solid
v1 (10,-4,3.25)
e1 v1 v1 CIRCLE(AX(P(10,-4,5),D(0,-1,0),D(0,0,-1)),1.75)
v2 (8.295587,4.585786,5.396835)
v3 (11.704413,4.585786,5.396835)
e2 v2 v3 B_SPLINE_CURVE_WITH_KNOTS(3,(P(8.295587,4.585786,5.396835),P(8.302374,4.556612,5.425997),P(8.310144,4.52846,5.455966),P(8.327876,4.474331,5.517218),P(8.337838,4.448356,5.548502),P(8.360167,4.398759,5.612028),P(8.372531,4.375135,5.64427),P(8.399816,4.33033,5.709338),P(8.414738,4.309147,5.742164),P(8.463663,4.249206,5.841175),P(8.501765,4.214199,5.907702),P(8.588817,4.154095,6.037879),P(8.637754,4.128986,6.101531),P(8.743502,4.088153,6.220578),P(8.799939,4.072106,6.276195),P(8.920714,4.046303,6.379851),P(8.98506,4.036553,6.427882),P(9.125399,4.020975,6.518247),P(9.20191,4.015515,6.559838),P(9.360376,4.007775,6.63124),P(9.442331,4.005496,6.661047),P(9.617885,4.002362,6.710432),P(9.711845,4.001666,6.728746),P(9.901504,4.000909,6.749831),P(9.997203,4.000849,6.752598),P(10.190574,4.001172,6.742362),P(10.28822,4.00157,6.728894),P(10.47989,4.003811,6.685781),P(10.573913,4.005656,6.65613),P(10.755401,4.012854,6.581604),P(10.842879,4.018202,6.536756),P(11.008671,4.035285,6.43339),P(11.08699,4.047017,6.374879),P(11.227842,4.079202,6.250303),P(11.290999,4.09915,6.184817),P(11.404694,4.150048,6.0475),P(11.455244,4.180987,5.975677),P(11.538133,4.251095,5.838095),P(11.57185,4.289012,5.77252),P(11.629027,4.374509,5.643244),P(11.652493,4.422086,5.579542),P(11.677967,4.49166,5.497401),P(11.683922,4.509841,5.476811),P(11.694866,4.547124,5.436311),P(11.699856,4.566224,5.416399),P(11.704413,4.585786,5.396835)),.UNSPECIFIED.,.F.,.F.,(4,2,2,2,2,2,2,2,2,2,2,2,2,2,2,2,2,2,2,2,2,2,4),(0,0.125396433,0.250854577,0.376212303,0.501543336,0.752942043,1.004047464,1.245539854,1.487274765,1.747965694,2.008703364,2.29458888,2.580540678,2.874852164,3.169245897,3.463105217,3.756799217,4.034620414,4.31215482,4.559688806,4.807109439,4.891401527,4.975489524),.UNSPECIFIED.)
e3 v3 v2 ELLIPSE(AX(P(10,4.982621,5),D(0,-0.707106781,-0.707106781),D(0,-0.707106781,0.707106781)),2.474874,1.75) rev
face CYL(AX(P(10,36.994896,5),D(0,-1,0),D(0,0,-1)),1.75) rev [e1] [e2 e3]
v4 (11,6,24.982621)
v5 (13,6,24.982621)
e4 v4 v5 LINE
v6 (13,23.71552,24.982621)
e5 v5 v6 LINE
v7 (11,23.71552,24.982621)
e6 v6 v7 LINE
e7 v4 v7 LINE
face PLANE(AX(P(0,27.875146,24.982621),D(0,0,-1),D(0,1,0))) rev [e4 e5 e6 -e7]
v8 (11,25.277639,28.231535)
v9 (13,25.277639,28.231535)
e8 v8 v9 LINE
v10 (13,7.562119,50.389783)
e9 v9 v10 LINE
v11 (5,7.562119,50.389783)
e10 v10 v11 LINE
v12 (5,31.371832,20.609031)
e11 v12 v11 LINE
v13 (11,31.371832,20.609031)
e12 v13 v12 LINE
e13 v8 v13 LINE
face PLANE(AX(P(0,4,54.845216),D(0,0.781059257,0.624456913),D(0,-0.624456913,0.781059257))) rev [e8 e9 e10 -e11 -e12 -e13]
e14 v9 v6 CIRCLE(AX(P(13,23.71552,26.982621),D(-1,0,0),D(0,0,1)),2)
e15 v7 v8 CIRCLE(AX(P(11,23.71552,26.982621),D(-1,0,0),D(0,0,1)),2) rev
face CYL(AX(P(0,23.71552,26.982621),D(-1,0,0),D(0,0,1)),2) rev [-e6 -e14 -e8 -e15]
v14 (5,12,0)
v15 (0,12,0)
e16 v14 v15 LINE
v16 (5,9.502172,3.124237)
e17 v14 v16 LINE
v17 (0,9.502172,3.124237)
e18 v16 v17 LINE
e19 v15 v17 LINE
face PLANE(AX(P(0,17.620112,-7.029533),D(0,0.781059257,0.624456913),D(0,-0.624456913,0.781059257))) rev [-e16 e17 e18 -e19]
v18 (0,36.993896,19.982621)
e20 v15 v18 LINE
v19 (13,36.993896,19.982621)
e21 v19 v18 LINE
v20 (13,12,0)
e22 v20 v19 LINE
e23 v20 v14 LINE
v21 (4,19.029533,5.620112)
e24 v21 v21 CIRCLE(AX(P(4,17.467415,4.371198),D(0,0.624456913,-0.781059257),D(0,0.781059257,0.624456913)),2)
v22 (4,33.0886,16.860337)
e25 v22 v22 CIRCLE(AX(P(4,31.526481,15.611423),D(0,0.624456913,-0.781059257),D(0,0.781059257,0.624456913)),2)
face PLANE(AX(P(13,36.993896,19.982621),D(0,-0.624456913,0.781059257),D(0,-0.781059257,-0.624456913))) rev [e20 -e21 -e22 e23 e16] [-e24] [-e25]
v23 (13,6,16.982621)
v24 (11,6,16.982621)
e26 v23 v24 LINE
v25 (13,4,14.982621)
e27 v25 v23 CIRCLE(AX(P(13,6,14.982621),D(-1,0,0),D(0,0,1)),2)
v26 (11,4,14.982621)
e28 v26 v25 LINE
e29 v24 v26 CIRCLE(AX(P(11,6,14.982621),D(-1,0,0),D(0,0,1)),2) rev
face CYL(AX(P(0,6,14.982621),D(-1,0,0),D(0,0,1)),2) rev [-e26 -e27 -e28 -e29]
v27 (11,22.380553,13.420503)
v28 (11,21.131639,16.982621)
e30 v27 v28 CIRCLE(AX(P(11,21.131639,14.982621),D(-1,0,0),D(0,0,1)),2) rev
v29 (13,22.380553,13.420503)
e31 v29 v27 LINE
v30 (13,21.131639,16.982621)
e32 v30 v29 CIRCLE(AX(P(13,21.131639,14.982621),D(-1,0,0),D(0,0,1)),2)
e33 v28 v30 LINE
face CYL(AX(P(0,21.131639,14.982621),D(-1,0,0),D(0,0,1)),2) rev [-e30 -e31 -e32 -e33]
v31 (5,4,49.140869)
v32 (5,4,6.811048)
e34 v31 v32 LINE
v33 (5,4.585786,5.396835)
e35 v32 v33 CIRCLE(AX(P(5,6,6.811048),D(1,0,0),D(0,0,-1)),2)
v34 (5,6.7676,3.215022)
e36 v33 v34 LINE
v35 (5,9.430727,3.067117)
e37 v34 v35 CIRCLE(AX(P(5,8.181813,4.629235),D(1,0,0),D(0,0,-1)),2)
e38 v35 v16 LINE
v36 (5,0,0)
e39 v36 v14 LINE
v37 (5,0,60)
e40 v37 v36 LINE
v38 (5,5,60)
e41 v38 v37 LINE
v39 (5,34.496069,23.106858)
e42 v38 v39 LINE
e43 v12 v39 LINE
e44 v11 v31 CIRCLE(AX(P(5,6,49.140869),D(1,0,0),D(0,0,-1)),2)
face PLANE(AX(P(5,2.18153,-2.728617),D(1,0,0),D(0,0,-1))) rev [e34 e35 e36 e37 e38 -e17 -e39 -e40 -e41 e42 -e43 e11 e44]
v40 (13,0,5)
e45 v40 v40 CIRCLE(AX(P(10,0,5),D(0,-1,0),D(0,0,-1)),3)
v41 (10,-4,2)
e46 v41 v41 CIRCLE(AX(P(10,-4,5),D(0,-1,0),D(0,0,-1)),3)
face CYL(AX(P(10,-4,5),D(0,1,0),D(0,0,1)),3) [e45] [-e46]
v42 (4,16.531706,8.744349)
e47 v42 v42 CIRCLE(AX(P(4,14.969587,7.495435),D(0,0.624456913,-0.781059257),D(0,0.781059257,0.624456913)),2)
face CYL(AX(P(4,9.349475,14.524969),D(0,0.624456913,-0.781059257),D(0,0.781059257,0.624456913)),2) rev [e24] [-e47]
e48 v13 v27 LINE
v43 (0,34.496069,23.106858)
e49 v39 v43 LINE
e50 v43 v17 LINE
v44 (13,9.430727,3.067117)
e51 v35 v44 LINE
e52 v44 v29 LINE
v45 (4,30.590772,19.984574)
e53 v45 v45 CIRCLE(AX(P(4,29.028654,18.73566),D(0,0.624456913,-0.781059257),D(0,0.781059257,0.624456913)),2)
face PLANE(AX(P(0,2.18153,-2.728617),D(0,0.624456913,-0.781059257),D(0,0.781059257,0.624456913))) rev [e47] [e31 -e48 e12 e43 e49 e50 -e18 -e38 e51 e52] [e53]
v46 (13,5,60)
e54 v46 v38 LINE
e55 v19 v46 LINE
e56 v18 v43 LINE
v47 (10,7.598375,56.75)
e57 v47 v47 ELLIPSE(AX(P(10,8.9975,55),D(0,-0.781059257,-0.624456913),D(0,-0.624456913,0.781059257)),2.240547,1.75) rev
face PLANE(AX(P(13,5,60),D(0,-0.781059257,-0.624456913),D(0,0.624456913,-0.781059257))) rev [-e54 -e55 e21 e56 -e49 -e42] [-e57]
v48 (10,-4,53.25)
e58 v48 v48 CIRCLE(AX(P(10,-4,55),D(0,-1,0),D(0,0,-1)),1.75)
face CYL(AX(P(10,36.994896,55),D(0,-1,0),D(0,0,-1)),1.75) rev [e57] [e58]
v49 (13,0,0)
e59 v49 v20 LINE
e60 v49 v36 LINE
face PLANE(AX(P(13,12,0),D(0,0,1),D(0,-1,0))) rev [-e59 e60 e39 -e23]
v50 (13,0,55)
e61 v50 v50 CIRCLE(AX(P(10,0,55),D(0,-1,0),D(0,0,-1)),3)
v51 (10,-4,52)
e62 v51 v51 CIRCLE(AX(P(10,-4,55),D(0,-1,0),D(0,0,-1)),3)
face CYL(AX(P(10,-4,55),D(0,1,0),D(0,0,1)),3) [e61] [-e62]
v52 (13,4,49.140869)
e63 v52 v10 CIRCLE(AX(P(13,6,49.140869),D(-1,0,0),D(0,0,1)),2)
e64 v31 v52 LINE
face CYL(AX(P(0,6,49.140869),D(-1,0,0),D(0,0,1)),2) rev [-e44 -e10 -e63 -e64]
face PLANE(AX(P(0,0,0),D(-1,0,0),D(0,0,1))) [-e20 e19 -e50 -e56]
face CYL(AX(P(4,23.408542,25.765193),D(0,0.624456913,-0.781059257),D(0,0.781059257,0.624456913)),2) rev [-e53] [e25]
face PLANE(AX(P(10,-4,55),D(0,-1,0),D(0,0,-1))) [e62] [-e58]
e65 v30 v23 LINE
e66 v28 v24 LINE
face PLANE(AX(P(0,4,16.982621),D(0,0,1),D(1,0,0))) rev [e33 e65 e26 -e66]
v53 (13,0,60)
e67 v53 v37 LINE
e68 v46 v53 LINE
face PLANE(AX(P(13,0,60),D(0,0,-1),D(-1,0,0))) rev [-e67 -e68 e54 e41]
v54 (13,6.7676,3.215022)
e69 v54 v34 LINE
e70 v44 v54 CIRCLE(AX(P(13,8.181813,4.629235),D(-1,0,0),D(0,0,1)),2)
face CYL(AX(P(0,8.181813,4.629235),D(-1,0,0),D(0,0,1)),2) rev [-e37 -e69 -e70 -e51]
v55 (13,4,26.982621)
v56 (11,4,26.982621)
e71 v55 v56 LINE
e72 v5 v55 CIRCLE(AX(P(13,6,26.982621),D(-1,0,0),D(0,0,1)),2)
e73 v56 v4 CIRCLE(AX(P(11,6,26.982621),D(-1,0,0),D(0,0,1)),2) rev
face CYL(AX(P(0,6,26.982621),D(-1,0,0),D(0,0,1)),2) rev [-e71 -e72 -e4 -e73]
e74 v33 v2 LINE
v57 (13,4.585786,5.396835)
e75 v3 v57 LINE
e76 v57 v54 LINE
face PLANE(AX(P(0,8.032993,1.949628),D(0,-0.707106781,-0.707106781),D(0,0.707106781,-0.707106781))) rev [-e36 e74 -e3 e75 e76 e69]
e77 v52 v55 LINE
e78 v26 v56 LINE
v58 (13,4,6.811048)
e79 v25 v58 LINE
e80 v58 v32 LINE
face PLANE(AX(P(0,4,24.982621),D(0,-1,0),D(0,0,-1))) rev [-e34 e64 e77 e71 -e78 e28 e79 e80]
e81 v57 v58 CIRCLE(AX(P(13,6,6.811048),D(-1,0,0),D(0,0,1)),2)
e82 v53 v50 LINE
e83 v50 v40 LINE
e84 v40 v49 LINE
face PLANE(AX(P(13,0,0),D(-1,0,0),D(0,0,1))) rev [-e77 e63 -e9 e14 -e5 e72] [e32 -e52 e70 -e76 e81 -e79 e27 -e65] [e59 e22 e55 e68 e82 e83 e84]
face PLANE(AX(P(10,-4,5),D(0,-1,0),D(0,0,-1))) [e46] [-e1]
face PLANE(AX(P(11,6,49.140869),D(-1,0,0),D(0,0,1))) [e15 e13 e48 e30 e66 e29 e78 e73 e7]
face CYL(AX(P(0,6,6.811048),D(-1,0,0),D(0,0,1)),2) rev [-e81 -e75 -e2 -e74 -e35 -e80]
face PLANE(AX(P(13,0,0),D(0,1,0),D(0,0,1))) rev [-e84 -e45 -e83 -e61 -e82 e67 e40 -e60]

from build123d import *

# Parameters (mm, degrees)
EXTRUDE_1_DEPTH     = 13
CUT_EXTRUDE_1_DEPTH = 49.78979572841993
CUT_EXTRUDE_2_DEPTH = 72.67669327248296
FILLET_1_R          = 2
CUT_EXTRUDE_3_DEPTH = 13
SKETCH_8_R          = 2.000000000000001
SKETCH_8_R_2        = 2.0000000000000018
CUT_EXTRUDE_4_DEPTH = 13
CUT_EXTRUDE_5_DEPTH = 6
SKETCH_10_R         = 3
SKETCH_10_R_2       = 3.0000000000000013
EXTRUDE_2_DEPTH     = 4
CUT_EXTRUDE_6_REACH = 75.821
SKETCH_11_R         = 1.7500000000000004
SKETCH_11_R_2       = 1.7499999999999998


with BuildPart() as part:
    # 草圖4 → 填料-伸長1 (new body)
    with BuildSketch(Plane(origin=(0, 0, 0), x_dir=(0, 0, -1), z_dir=(1, 0, 0))):
        Polygon((0, 0), (-60, -7.35e-15), (-60, 4.999999999999993), (-19.982621227151128, 36.9938962327247), (6e-16, 12), align=None)
    extrude(amount=EXTRUDE_1_DEPTH)

    # 草圖5 → 除料-伸長1 (cut, through all)
    with BuildSketch(Plane(origin=(0, 32.31453899318016, 25.83547546241596), x_dir=(1, 0, 0), z_dir=(0, 0.7810592572726445, 0.6244569133484753))):
        Polygon((0, 3.4934829601818222), (5, 3.4934829601818222), (5.000000000000004, -49.04518650741456), (0, -49.04518650741456), align=None)
    extrude(amount=-CUT_EXTRUDE_1_DEPTH, mode=Mode.SUBTRACT)

    # 草圖6 → 除料-伸長2 (cut, through all)
    with BuildSketch(Plane(origin=(13, 0, 0), x_dir=(0, 0, -1), z_dir=(1, 0, 0))):
        Polygon((-24.98262122715113, 27.87514563803557), (-24.982621227151125, 3.9999999999999933), (-54.84521562029527, 3.99999999999999), align=None)
        Polygon((-16.982621227151128, 26.835985196390023), (-1.9496281407001657, 8.032993086450977), (-5.982621227151128, 3.9999999999999964), (-16.982621227151128, 3.9999999999999942), align=None)
    extrude(amount=-CUT_EXTRUDE_2_DEPTH, mode=Mode.SUBTRACT)

    # 圓角1
    fillet_1_edges = [part.edges().sort_by_distance(p)[0] for p in [
        (9.000000000000002, 3.99999999999999, 54.84521562029527),
        (9, 27.87514563803557, 24.98262122715113),
        (9, 3.9999999999999933, 24.982621227151125),
        (9, 26.835985196390023, 16.982621227151128),
        (9, 3.9999999999999964, 5.982621227151128),
        (9, 3.9999999999999942, 16.982621227151128),
        (9, 8.032993086450977, 1.9496281407001657),
    ]]
    fillet(fillet_1_edges, radius=FILLET_1_R)

    # 草圖7 → 除料-伸長3 (cut)
    with BuildSketch(Plane(origin=(0, 2.181529586150628, -2.728617206174244), x_dir=(1, 0, 0), z_dir=(0, -0.6244569133484752, 0.7810592572726445))):
        Polygon((0, 9.372711087271734), (4.999999999999999, 9.372711087271734), (4.999999999999999, 4.369584430641977), (0, 4.369584430641976), align=None)
    extrude(amount=-CUT_EXTRUDE_3_DEPTH, mode=Mode.SUBTRACT)

    # 草圖8 → 除料-伸長4 (cut)
    with BuildSketch(Plane(origin=(0, 4.679357239544419, -5.852854235264727), x_dir=(-1, 0, 0), z_dir=(0, 0.6244569133484724, -0.7810592572726467))):
        with Locations(Location((-4, 34.372711087271774, 0), (0, 0, 90))):
            Circle(SKETCH_8_R)
        with Locations(Location((-4, 16.372711087271757, 0), (0, 0, 90))):
            Circle(SKETCH_8_R_2)
    extrude(amount=-CUT_EXTRUDE_4_DEPTH, mode=Mode.SUBTRACT)

    # 草圖9 → 除料-伸長5 (cut)
    with BuildSketch(Plane.ZY.offset(-5)):
        with BuildLine():
            Line((20.609030602847792, 31.371831550240223), (3.0671165568141214, 9.430727107234867))
            ThreePointArc((3.0671165568141214, 9.430727107234867), (2.632312431238594, 8.07090805355147), (3.215021508986313, 6.767599718164824))
            Line((3.215021508986313, 6.767599718164824), (5.396834789524223, 4.585786437626903))
            ThreePointArc((5.396834789524223, 4.585786437626903), (6.04568148716714, 4.1522409349774225), (6.811048351897321, 3.9999999999999956))
            Line((6.811048351897321, 3.9999999999999956), (49.14086927004922, 3.9999999999999907))
            ThreePointArc((49.14086927004922, 3.9999999999999907), (51.02822681819565, 5.338273859172296), (50.38978309674617, 7.56211851454527))
            Line((50.38978309674617, 7.56211851454527), (20.609030602847792, 31.371831550240223))
        make_face()
    extrude(amount=-CUT_EXTRUDE_5_DEPTH, mode=Mode.SUBTRACT)

    # 草圖10 → 填料-伸長2 (add)
    with BuildSketch(Plane.XZ):
        with Locations((9.999999999999998, 55)):
            Circle(SKETCH_10_R)
        with Locations((9.999999999999998, 5)):
            Circle(SKETCH_10_R_2)
    extrude(amount=EXTRUDE_2_DEPTH)

    # 草圖11 → 除料-伸長6 (cut, up to next)
    with BuildSketch(Plane(origin=(0, -4, -4.9e-16), x_dir=(-1, 0, 0), z_dir=(0, -1, -1.2e-16)), mode=Mode.PRIVATE) as cut_extrude_6_sk1:
        with Locations(Location((-9.999999999999998, -55, 0), (0, 0, 90))):
            Circle(SKETCH_11_R)
    cut_extrude_6_tool1 = extrude(cut_extrude_6_sk1.sketch, amount=-CUT_EXTRUDE_6_REACH, mode=Mode.PRIVATE) & part.part
    # 草圖11 → 除料-伸長6 (cut, up to next)
    with BuildSketch(Plane(origin=(0, -4, -4.9e-16), x_dir=(-1, 0, 0), z_dir=(0, -1, -1.2e-16)), mode=Mode.PRIVATE) as cut_extrude_6_sk2:
        with Locations(Location((-9.999999999999998, -5, 0), (0, 0, 90))):
            Circle(SKETCH_11_R_2)
    cut_extrude_6_tool2 = extrude(cut_extrude_6_sk2.sketch, amount=-CUT_EXTRUDE_6_REACH, mode=Mode.PRIVATE) & part.part
    add(cut_extrude_6_tool1.solids().sort_by_distance((10, -4, 55))[0], mode=Mode.SUBTRACT)
    add(cut_extrude_6_tool2.solids().sort_by_distance((10, -4, 5))[0], mode=Mode.SUBTRACT)


solid = part.part
